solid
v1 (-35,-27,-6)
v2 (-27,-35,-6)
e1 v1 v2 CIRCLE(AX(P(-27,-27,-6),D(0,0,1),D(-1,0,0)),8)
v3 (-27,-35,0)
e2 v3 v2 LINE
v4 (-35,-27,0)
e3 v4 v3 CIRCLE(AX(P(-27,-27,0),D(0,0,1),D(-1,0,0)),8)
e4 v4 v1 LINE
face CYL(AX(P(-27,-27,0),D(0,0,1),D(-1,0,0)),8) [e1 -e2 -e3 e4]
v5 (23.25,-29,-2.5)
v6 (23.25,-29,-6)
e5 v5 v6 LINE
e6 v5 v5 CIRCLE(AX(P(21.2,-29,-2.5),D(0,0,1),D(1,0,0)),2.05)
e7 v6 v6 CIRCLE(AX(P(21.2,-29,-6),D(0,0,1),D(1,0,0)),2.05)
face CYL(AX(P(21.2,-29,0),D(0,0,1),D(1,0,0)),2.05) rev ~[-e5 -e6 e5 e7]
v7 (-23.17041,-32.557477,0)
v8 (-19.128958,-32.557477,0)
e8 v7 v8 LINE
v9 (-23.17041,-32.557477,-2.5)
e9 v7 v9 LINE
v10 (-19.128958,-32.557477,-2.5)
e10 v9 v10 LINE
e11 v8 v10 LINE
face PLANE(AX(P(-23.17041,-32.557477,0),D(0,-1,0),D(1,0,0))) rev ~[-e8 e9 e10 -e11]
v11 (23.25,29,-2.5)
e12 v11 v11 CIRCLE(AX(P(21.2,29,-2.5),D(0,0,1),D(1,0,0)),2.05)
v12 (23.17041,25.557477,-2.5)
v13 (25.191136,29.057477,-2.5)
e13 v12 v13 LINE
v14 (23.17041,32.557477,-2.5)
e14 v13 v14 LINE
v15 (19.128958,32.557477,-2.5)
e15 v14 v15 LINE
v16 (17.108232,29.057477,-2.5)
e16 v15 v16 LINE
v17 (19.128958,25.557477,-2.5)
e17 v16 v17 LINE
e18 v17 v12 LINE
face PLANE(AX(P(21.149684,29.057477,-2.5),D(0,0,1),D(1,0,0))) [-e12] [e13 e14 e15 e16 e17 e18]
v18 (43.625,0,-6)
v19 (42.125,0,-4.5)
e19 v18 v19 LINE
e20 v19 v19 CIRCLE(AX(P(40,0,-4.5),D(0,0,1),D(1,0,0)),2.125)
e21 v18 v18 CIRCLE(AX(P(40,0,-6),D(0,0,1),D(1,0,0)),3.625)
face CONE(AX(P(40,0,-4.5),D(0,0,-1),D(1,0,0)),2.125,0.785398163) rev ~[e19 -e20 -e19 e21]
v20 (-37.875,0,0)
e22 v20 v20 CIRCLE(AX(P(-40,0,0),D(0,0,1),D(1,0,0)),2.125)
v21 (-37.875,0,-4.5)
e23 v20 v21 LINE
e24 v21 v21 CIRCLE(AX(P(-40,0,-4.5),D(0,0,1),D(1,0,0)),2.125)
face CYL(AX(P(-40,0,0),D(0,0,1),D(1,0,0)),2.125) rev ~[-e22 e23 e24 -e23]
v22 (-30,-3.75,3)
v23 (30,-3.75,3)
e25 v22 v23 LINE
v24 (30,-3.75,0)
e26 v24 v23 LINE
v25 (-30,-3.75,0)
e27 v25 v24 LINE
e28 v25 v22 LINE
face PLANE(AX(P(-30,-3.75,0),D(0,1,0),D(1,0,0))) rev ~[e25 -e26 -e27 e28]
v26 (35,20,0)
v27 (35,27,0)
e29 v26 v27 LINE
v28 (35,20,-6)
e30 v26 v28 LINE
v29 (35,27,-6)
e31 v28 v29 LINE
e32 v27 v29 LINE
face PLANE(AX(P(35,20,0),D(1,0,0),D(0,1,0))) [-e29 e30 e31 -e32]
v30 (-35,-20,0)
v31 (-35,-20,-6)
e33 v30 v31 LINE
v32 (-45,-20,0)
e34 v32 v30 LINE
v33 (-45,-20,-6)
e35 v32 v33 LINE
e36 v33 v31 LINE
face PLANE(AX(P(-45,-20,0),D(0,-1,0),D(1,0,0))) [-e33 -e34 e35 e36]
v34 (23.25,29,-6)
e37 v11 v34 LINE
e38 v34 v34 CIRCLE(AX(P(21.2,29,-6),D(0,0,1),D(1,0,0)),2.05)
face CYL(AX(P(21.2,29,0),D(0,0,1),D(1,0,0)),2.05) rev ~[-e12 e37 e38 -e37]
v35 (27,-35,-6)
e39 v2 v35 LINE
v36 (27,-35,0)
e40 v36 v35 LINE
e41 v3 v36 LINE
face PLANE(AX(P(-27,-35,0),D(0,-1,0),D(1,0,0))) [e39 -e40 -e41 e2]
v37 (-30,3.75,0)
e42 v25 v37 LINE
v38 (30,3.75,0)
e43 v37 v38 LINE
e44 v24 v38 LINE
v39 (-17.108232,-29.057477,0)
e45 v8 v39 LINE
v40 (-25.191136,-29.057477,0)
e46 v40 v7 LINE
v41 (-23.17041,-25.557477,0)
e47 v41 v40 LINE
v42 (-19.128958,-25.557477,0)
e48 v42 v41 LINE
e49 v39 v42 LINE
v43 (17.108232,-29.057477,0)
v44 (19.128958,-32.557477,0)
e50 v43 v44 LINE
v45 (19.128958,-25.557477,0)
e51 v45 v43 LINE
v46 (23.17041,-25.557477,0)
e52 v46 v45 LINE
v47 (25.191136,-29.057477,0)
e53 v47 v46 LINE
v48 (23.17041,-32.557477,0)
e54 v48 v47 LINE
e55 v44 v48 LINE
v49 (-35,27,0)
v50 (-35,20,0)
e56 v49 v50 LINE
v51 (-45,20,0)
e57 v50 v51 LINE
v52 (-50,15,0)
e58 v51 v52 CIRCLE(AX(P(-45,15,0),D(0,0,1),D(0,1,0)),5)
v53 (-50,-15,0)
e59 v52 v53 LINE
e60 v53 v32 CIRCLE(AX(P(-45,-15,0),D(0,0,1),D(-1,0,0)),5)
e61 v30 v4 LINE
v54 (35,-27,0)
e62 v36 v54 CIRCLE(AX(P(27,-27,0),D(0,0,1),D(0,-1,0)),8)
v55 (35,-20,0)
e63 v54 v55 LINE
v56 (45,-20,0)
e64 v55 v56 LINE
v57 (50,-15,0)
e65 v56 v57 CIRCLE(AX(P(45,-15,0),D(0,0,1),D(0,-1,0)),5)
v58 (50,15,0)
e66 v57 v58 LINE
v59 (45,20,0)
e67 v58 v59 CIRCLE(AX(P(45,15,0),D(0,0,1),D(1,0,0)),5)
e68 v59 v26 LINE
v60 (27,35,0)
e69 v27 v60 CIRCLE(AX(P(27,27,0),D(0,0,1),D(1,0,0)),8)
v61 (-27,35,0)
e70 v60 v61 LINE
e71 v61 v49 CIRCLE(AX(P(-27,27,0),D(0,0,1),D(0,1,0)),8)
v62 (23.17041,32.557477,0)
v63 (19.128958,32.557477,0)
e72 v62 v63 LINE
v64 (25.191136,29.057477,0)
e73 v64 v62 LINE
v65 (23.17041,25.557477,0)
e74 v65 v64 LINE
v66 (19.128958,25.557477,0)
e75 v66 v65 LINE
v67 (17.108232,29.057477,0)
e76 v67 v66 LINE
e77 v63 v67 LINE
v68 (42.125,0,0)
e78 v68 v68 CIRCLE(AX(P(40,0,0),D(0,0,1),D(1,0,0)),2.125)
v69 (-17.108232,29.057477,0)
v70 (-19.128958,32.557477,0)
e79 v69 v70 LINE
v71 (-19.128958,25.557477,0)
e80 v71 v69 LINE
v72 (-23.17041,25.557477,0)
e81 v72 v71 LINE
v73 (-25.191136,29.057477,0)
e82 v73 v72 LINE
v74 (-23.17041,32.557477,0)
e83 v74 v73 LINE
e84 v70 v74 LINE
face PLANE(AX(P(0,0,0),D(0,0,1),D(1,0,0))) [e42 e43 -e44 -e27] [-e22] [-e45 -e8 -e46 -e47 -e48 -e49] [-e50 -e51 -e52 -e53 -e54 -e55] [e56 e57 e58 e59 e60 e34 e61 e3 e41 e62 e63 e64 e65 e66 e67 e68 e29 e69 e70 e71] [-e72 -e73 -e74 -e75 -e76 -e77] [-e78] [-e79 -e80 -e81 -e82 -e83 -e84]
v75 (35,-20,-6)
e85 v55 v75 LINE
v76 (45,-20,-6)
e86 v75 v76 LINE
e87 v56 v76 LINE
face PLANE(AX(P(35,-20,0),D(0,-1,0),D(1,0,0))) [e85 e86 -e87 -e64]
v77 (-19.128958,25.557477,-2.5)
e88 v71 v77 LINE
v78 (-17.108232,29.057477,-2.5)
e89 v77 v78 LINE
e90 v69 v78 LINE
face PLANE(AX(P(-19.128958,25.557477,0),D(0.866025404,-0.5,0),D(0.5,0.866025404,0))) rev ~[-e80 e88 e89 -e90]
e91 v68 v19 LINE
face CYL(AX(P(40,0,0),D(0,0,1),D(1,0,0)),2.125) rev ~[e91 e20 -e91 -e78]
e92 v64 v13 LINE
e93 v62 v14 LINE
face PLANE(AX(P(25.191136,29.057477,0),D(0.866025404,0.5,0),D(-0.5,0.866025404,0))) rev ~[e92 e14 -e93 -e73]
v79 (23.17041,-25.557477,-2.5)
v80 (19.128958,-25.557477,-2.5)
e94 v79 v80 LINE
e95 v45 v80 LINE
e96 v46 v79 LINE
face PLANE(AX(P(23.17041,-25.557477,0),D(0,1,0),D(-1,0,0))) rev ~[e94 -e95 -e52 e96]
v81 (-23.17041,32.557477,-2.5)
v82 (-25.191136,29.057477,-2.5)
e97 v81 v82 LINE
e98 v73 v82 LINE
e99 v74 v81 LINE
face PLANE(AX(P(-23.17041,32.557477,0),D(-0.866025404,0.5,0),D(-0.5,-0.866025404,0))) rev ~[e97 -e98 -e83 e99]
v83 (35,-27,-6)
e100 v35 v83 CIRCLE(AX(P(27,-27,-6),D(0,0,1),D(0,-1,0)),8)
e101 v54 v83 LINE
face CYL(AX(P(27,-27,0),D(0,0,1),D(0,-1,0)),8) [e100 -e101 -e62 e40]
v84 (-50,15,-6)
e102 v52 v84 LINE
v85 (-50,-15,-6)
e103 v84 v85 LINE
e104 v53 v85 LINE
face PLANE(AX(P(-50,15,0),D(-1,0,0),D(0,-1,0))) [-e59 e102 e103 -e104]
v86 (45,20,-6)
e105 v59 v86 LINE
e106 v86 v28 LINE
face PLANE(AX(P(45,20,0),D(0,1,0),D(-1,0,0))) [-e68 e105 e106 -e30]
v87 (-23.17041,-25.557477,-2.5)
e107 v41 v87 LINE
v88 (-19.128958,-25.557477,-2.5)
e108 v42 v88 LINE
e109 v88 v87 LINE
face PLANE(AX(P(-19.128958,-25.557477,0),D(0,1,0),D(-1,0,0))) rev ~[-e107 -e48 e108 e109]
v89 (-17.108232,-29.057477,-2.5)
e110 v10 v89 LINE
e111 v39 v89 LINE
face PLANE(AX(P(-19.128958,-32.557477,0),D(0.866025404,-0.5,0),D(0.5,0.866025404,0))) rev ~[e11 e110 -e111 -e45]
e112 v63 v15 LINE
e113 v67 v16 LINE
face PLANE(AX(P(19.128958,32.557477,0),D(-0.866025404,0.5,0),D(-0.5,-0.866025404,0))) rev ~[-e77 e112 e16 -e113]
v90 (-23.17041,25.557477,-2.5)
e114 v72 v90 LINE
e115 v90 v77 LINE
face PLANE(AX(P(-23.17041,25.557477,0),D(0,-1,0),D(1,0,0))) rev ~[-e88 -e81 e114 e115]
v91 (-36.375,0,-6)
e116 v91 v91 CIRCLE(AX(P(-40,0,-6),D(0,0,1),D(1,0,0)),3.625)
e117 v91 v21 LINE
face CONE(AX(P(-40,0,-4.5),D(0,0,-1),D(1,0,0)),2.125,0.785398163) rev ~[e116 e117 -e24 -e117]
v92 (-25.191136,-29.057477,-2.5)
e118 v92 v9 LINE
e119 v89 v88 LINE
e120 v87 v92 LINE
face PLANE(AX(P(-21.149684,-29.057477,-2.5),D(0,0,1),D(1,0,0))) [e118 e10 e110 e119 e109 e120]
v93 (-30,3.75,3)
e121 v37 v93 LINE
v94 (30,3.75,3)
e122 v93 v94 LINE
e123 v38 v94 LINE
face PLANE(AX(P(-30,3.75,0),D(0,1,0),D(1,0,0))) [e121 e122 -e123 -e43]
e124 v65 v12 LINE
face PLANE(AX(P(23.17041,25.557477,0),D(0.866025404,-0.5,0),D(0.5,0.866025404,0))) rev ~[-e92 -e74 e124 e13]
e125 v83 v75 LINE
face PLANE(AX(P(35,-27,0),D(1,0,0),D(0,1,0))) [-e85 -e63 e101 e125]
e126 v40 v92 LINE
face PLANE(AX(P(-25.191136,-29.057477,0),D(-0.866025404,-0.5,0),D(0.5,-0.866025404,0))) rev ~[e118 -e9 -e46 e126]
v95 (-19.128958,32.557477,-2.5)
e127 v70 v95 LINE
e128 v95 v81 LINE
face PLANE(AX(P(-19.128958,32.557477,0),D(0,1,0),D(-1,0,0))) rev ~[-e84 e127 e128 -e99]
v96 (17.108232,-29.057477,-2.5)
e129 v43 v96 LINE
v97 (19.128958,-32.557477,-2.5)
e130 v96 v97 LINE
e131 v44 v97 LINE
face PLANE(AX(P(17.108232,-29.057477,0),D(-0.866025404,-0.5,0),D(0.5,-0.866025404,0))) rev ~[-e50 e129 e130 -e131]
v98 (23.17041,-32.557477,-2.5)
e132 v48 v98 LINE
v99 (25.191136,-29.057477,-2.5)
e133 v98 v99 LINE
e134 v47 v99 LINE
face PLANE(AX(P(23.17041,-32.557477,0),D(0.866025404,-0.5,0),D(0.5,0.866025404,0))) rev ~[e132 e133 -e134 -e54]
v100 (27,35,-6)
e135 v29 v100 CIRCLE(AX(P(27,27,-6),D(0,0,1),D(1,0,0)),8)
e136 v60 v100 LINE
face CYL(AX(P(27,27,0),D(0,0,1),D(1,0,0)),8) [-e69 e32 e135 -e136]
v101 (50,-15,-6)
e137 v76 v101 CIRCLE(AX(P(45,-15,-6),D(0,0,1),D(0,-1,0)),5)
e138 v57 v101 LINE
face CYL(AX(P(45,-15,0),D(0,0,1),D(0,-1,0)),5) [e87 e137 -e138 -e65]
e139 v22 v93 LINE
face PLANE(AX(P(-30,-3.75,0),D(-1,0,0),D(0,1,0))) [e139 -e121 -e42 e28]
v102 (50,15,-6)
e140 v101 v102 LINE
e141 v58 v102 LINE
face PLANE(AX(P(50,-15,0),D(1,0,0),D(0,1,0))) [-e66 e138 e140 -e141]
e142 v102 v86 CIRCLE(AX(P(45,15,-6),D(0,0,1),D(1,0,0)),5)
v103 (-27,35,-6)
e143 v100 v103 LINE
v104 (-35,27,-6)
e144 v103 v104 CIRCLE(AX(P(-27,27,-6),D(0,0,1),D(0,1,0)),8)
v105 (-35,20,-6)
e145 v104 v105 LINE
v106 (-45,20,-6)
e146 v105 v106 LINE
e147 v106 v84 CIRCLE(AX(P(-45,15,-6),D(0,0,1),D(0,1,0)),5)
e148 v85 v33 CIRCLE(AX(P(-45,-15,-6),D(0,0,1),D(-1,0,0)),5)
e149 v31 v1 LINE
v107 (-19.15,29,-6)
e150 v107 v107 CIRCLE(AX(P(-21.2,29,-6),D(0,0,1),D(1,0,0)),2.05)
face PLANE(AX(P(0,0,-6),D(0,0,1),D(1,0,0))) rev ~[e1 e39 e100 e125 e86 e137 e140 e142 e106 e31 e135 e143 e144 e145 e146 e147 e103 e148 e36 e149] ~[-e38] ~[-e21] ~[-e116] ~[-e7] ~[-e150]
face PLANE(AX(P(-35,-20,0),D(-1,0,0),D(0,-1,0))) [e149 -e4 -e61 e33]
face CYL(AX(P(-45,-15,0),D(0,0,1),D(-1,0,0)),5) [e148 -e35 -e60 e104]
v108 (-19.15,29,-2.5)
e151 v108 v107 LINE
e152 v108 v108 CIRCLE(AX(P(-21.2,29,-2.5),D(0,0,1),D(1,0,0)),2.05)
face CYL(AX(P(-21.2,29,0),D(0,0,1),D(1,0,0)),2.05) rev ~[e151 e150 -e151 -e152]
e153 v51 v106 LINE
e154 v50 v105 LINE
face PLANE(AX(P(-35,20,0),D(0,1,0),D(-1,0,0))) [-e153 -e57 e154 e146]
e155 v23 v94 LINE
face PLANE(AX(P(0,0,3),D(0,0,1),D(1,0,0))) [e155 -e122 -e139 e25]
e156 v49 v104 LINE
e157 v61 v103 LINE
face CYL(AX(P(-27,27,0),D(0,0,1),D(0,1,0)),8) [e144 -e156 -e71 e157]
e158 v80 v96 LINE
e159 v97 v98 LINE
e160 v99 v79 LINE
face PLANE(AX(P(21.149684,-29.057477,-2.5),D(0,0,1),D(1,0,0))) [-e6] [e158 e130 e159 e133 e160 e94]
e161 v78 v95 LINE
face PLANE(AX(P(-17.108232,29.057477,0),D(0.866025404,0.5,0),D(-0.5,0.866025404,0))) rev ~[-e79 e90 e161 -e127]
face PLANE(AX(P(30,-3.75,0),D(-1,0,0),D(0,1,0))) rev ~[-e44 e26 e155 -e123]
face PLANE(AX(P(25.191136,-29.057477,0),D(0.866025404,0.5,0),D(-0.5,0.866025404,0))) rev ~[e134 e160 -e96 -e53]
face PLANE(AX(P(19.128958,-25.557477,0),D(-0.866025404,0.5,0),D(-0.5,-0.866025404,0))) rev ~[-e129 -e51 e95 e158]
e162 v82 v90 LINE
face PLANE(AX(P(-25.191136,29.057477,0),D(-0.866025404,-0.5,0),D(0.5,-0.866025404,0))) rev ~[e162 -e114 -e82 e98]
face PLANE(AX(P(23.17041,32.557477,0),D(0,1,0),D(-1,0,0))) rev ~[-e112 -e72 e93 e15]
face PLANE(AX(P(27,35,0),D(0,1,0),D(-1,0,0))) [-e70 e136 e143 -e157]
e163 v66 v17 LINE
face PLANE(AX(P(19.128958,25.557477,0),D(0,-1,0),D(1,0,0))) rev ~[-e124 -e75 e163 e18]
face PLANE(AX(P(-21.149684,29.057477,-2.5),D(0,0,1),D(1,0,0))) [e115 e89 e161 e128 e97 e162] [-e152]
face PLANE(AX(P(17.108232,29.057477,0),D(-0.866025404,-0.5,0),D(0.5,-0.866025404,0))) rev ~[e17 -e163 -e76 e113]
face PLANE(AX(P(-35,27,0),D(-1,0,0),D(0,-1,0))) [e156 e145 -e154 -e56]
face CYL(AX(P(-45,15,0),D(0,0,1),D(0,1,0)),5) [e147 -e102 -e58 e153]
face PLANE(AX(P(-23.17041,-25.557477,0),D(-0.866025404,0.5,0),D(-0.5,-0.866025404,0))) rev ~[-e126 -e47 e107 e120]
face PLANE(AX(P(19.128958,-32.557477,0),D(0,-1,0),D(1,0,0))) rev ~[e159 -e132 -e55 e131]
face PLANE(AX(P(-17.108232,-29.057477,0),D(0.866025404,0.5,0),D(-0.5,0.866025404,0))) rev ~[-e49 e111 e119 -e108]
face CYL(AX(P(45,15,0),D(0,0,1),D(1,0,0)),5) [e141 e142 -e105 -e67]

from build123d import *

# Parameters (mm, degrees)
F0_W     = 70
F0_H     = 40
F0_W_2   = 60
F0_H_2   = 7.5
F0_R     = 2.05
F0_R_2   = 2.125
F1_DEPTH = 6
F2_DEPTH = 3
F3_SIZE  = 1.5
F5_DEPTH = 2.5


with BuildPart() as f1:
    # F0 (on Top) → F1 (new body)
    with BuildSketch(Plane.XY):
        Rectangle(F0_W, F0_H)
        Rectangle(F0_W_2, F0_H_2, mode=Mode.SUBTRACT)
        with BuildLine():
            ThreePointArc((35, 27), (32.6568542495, 32.6568542495), (27, 35))
            Line((27, 35), (-27, 35))
            ThreePointArc((-27, 35), (-32.6568542495, 32.6568542495), (-35, 27))
            Line((-35, 27), (-35, 20))
            Line((-35, 20), (35, 20))
            Line((35, 20), (35, 27))
        make_face()
        with Locations((-21.2, 29)):
            Circle(F0_R, mode=Mode.SUBTRACT)
        with Locations((21.2, 29)):
            Circle(F0_R, mode=Mode.SUBTRACT)
        with BuildLine():
            Line((35, -27), (35, -20))
            Line((35, -20), (-35, -20))
            Line((-35, -20), (-35, -27))
            ThreePointArc((-35, -27), (-32.6568542495, -32.6568542495), (-27, -35))
            Line((-27, -35), (27, -35))
            ThreePointArc((27, -35), (32.6568542495, -32.6568542495), (35, -27))
        make_face()
        with Locations((-21.2, -29)):
            Circle(F0_R, mode=Mode.SUBTRACT)
        with Locations((21.2, -29)):
            Circle(F0_R, mode=Mode.SUBTRACT)
        with BuildLine():
            Line((45, 20), (35, 20))
            Line((35, 20), (35, -20))
            Line((35, -20), (45, -20))
            ThreePointArc((45, -20), (48.5355339059, -18.5355339059), (50, -15))
            Line((50, -15), (50, 15))
            ThreePointArc((50, 15), (48.5355339059, 18.5355339059), (45, 20))
        make_face()
        with Locations((40, 0)):
            Circle(F0_R_2, mode=Mode.SUBTRACT)
        with BuildLine():
            Line((-35, -20), (-35, 20))
            Line((-35, 20), (-45, 20))
            ThreePointArc((-45, 20), (-48.5355339059, 18.5355339059), (-50, 15))
            Line((-50, 15), (-50, -15))
            ThreePointArc((-50, -15), (-48.5355339059, -18.5355339059), (-45, -20))
            Line((-45, -20), (-35, -20))
        make_face()
        with Locations((-40, 0)):
            Circle(F0_R_2, mode=Mode.SUBTRACT)
        Rectangle(F0_W_2, F0_H_2)
        with Locations((-21.2, -29)):
            Circle(F0_R)
    extrude(amount=-F1_DEPTH)

    # F0 (on Top) → F2 (join)
    with BuildSketch(Plane.XY):
        Rectangle(F0_W_2, F0_H_2)
    extrude(amount=F2_DEPTH)

    # F3
    f3_edges = [f1.edges().sort_by_distance(p)[0] for p in [
        (-42.125, 0, -6),
        (37.875, 0, -6),
    ]]
    chamfer(f3_edges, length=F3_SIZE)

    # F4 (on Top) → F5 (cut)
    with BuildSketch(Plane.XY):
        Polygon((19.1289578016, -32.5574766695), (23.1704096859, -32.5574766695), (25.191135628, -29.0574766695), (23.1704096859, -25.5574766695), (19.1289578016, -25.5574766695), (17.1082318594, -29.0574766695), align=None)
        Polygon((-17.1082318594, -29.0574766695), (-19.1289578016, -25.5574766695), (-23.1704096859, -25.5574766695), (-25.191135628, -29.0574766695), (-23.1704096859, -32.5574766695), (-19.1289578016, -32.5574766695), align=None)
        Polygon((-23.1704096859, 25.5574766695), (-19.1289578016, 25.5574766695), (-17.1082318594, 29.0574766695), (-19.1289578016, 32.5574766695), (-23.1704096859, 32.5574766695), (-25.191135628, 29.0574766695), align=None)
        Polygon((19.1289578016, 32.5574766695), (17.1082318594, 29.0574766695), (19.1289578016, 25.5574766695), (23.1704096859, 25.5574766695), (25.191135628, 29.0574766695), (23.1704096859, 32.5574766695), align=None)
    extrude(amount=-F5_DEPTH, mode=Mode.SUBTRACT)


solid = f1.part
